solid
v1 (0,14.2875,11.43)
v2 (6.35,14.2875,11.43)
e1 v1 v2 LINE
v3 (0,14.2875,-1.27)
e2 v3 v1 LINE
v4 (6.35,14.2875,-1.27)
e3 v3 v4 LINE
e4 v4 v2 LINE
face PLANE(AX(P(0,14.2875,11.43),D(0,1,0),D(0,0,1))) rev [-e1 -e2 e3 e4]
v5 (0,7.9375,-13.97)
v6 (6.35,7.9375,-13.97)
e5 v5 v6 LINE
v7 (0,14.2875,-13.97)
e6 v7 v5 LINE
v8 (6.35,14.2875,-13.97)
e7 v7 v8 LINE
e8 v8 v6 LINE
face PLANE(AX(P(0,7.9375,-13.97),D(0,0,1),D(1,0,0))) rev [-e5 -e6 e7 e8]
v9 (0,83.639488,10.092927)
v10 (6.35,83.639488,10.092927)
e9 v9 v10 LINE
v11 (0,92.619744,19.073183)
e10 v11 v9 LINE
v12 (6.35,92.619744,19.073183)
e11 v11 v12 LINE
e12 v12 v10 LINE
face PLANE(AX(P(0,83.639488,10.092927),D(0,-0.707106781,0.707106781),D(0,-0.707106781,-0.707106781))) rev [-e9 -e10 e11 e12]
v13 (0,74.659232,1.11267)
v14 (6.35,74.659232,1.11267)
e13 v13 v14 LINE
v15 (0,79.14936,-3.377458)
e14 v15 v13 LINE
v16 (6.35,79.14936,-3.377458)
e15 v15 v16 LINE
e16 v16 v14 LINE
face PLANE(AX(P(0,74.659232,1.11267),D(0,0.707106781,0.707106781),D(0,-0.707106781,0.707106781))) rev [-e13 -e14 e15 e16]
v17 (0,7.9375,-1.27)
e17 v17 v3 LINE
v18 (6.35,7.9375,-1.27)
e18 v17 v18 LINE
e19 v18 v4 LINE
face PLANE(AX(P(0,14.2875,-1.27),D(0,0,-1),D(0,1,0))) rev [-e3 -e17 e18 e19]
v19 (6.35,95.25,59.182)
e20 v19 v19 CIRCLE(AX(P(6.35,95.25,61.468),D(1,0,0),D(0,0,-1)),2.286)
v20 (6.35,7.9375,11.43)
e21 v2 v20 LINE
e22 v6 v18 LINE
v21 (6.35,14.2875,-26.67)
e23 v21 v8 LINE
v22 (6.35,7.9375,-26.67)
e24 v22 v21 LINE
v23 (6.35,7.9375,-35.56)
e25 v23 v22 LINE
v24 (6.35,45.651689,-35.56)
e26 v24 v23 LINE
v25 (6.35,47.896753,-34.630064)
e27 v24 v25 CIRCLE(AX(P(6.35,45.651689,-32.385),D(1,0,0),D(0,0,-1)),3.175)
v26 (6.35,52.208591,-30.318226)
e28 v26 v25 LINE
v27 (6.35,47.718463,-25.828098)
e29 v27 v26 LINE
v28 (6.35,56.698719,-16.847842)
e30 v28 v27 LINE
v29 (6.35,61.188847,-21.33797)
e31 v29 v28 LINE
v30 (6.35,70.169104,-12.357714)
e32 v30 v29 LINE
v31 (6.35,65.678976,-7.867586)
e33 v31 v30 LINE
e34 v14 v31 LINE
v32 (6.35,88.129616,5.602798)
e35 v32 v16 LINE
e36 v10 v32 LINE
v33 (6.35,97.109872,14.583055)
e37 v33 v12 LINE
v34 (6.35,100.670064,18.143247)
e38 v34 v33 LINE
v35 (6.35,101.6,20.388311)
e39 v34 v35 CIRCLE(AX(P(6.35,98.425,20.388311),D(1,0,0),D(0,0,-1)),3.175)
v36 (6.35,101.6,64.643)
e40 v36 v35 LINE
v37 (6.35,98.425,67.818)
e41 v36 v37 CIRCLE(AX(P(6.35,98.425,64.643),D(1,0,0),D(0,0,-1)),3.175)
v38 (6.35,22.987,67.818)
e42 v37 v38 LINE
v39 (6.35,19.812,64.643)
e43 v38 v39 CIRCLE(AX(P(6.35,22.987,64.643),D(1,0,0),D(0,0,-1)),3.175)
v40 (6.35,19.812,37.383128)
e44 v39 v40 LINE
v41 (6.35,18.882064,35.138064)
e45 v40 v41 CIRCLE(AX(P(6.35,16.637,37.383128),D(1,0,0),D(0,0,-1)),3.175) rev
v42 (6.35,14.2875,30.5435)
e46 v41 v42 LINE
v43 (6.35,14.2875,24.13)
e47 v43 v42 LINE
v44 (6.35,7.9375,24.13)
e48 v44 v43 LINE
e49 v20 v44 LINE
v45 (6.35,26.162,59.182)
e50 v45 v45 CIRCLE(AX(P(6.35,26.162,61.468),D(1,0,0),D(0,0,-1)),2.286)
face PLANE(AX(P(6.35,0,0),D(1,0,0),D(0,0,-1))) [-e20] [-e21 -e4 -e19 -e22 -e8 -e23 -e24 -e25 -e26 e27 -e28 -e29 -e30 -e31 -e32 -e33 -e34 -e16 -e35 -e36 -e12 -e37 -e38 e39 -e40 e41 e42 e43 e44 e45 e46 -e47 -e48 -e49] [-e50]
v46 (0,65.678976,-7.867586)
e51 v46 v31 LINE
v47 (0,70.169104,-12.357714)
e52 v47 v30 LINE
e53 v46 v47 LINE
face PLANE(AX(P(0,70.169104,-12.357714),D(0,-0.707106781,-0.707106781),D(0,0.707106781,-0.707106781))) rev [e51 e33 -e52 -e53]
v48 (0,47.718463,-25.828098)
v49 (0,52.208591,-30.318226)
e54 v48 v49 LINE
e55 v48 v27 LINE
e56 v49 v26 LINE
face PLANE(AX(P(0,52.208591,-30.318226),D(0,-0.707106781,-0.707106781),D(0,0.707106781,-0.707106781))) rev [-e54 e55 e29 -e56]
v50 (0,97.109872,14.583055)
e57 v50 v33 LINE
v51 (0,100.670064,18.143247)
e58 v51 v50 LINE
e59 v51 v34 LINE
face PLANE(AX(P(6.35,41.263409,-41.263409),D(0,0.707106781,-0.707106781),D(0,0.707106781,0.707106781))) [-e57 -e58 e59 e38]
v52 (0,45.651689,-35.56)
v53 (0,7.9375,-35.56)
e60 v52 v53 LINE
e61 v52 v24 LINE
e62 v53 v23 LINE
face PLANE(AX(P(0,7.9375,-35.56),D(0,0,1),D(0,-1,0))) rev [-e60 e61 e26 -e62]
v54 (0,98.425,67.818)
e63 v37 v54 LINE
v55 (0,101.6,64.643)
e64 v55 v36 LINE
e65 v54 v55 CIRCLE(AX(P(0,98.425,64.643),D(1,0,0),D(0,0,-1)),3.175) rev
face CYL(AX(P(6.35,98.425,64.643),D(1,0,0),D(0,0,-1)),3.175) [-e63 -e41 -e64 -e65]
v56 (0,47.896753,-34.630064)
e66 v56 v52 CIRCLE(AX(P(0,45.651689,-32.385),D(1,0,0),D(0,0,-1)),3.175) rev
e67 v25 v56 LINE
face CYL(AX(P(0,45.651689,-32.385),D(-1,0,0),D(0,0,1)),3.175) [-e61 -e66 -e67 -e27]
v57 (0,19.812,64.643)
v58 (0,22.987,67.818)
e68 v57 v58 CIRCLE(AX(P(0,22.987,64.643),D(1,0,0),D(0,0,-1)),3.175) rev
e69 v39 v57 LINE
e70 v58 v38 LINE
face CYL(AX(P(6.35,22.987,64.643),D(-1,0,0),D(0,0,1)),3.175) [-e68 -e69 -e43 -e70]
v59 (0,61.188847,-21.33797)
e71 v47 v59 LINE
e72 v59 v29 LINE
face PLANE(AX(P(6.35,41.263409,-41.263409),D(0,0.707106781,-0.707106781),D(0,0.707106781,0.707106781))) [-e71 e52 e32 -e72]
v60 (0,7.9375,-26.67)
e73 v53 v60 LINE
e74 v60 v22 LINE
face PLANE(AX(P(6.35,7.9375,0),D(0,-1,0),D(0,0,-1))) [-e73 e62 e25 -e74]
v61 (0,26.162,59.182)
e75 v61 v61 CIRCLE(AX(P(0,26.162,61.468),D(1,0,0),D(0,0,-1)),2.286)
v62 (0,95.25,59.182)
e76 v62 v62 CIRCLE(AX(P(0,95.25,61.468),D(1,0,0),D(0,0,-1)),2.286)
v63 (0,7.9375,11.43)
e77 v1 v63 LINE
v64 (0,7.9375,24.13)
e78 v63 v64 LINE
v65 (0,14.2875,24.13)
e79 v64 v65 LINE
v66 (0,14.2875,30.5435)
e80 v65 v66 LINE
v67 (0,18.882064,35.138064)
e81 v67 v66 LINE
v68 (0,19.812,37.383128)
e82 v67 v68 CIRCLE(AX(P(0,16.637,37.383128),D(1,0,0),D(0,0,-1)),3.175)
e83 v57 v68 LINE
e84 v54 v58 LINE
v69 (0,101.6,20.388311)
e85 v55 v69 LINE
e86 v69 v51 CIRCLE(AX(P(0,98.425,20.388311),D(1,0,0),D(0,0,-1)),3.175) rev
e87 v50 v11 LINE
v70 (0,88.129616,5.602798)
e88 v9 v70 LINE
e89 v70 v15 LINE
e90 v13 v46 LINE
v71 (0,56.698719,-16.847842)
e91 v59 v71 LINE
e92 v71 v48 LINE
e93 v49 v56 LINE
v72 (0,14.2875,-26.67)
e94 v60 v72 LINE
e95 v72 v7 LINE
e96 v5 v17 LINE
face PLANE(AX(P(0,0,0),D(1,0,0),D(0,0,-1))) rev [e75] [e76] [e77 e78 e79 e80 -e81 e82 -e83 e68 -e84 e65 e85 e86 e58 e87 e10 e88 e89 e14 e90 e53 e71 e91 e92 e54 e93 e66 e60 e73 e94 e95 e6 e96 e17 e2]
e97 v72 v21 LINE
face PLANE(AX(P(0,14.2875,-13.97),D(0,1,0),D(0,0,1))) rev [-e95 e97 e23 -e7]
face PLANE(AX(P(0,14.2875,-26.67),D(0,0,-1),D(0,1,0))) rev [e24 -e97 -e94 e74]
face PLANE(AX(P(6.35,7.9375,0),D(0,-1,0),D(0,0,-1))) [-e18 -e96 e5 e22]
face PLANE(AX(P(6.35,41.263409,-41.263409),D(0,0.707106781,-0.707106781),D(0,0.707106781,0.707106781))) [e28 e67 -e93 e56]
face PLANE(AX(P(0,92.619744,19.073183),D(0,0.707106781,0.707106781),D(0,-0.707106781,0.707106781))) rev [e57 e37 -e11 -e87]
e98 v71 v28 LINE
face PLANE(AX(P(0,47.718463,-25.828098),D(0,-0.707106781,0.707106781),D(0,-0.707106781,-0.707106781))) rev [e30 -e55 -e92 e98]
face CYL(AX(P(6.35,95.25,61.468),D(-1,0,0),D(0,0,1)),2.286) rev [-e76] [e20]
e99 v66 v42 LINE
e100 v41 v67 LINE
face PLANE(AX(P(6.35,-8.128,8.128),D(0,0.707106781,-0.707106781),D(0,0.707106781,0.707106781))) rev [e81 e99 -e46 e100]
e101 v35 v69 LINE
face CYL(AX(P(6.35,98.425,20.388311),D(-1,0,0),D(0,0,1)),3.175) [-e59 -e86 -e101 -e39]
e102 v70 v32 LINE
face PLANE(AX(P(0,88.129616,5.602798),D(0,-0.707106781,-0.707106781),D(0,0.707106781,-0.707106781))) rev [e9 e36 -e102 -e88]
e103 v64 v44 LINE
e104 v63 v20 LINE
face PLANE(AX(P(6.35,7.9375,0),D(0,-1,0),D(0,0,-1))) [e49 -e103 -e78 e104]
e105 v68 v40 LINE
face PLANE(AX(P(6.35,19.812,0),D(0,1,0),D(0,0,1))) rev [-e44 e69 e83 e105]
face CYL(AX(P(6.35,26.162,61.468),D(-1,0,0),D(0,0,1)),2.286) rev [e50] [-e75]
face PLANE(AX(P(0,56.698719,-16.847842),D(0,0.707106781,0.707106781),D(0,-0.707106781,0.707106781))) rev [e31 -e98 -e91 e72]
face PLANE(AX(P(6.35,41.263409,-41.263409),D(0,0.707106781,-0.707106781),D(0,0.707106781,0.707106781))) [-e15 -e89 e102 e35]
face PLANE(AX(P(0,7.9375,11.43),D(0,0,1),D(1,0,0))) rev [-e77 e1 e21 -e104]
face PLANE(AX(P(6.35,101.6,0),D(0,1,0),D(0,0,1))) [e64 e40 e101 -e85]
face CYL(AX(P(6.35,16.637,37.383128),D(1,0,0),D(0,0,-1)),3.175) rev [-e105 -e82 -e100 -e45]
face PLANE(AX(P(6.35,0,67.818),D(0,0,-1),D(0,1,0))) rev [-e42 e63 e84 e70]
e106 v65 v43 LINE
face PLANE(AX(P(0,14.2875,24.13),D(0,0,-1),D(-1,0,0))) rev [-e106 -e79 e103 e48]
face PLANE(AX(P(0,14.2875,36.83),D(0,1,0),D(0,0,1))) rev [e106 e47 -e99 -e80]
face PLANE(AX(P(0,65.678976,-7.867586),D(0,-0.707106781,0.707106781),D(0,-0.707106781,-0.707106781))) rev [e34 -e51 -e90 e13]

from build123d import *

# Parameters (mm, degrees)
SKETCH2_R           = 2.286
MAIN_DEPTH          = 6.35
SKETCH5_W           = 12.7
SKETCH5_H           = 6.35
SKETCH5_H_2         = 35.219317332
ACRYLIC_JOINT_DEPTH = 123.31992325
SKETCH6_W           = 3.81
SKETCH6_H           = 39.029317332
CUT_EXTRUDE1_DEPTH  = 123.31992325
FILLET4_R           = 3.175


with BuildPart() as part:
    # Sketch2 → Main (new body)
    with BuildSketch(Plane(origin=(0, 0, 0), x_dir=(0, 0, -1), z_dir=(1, 0, 0))):
        Polygon((-67.818, 101.6), (-67.818, 19.812), (-36.068, 19.812), (-29.718, 13.462), (-29.718, 7.9375), (-24.1935, 7.9375), (45.72, 7.9375), (52.07, 7.9375), (52.07, 30.456817332), (-19.073182668, 101.6), (-55.118, 101.6), align=None)
        with Locations((-61.468, 26.162)):
            Circle(SKETCH2_R, mode=Mode.SUBTRACT)
        with Locations((-61.468, 95.25)):
            Circle(SKETCH2_R, mode=Mode.SUBTRACT)
    extrude(amount=MAIN_DEPTH)

    # Sketch5 → Acrylic Joint (cut, through all)
    with BuildSketch(Plane(origin=(6.35, 0, 0), x_dir=(0, 0, -1), z_dir=(1, 0, 0))):
        with Locations((-30.48, 11.1125)):
            Rectangle(SKETCH5_W, SKETCH5_H)
        with Locations((-5.08, 11.1125)):
            Rectangle(SKETCH5_W, SKETCH5_H)
        with Locations((20.32, 11.1125)):
            Rectangle(SKETCH5_W, SKETCH5_H)
        Polygon((16.847841816, 56.698719395), (21.337969877, 61.188847455), (30.318225998, 52.208591334), (25.828097937, 47.718463274), align=None)
        Polygon((-1.112670426, 74.659231637), (3.377457634, 79.149359697), (12.357713756, 70.169103576), (7.867585695, 65.678975516), align=None)
        Polygon((-19.073182668, 92.619743879), (-14.583054608, 97.109871939), (-5.602798487, 88.129615818), (-10.092926547, 83.639487758), align=None)
        with Locations((45.72, 25.547158666)):
            Rectangle(SKETCH5_W, SKETCH5_H_2)
    extrude(amount=-ACRYLIC_JOINT_DEPTH, mode=Mode.SUBTRACT)

    # Sketch6 → Cut-Extrude1 (cut, through all)
    with BuildSketch(Plane(origin=(6.35, 0, 0), x_dir=(0, 0, -1), z_dir=(1, 0, 0))):
        with Locations((37.465, 27.452158666)):
            Rectangle(SKETCH6_W, SKETCH6_H)
    extrude(amount=-CUT_EXTRUDE1_DEPTH, mode=Mode.SUBTRACT)

    # Fillet4
    fillet4_edges = [part.edges().sort_by_distance(p)[0] for p in [
        (3.175, 46.966817332, -35.56),
        (3.175, 19.812, 36.068),
        (3.175, 19.812, 67.818),
        (3.175, 101.6, 67.818),
        (3.175, 101.6, 19.073182668),
    ]]
    fillet(fillet4_edges, radius=FILLET4_R)


solid = part.part
